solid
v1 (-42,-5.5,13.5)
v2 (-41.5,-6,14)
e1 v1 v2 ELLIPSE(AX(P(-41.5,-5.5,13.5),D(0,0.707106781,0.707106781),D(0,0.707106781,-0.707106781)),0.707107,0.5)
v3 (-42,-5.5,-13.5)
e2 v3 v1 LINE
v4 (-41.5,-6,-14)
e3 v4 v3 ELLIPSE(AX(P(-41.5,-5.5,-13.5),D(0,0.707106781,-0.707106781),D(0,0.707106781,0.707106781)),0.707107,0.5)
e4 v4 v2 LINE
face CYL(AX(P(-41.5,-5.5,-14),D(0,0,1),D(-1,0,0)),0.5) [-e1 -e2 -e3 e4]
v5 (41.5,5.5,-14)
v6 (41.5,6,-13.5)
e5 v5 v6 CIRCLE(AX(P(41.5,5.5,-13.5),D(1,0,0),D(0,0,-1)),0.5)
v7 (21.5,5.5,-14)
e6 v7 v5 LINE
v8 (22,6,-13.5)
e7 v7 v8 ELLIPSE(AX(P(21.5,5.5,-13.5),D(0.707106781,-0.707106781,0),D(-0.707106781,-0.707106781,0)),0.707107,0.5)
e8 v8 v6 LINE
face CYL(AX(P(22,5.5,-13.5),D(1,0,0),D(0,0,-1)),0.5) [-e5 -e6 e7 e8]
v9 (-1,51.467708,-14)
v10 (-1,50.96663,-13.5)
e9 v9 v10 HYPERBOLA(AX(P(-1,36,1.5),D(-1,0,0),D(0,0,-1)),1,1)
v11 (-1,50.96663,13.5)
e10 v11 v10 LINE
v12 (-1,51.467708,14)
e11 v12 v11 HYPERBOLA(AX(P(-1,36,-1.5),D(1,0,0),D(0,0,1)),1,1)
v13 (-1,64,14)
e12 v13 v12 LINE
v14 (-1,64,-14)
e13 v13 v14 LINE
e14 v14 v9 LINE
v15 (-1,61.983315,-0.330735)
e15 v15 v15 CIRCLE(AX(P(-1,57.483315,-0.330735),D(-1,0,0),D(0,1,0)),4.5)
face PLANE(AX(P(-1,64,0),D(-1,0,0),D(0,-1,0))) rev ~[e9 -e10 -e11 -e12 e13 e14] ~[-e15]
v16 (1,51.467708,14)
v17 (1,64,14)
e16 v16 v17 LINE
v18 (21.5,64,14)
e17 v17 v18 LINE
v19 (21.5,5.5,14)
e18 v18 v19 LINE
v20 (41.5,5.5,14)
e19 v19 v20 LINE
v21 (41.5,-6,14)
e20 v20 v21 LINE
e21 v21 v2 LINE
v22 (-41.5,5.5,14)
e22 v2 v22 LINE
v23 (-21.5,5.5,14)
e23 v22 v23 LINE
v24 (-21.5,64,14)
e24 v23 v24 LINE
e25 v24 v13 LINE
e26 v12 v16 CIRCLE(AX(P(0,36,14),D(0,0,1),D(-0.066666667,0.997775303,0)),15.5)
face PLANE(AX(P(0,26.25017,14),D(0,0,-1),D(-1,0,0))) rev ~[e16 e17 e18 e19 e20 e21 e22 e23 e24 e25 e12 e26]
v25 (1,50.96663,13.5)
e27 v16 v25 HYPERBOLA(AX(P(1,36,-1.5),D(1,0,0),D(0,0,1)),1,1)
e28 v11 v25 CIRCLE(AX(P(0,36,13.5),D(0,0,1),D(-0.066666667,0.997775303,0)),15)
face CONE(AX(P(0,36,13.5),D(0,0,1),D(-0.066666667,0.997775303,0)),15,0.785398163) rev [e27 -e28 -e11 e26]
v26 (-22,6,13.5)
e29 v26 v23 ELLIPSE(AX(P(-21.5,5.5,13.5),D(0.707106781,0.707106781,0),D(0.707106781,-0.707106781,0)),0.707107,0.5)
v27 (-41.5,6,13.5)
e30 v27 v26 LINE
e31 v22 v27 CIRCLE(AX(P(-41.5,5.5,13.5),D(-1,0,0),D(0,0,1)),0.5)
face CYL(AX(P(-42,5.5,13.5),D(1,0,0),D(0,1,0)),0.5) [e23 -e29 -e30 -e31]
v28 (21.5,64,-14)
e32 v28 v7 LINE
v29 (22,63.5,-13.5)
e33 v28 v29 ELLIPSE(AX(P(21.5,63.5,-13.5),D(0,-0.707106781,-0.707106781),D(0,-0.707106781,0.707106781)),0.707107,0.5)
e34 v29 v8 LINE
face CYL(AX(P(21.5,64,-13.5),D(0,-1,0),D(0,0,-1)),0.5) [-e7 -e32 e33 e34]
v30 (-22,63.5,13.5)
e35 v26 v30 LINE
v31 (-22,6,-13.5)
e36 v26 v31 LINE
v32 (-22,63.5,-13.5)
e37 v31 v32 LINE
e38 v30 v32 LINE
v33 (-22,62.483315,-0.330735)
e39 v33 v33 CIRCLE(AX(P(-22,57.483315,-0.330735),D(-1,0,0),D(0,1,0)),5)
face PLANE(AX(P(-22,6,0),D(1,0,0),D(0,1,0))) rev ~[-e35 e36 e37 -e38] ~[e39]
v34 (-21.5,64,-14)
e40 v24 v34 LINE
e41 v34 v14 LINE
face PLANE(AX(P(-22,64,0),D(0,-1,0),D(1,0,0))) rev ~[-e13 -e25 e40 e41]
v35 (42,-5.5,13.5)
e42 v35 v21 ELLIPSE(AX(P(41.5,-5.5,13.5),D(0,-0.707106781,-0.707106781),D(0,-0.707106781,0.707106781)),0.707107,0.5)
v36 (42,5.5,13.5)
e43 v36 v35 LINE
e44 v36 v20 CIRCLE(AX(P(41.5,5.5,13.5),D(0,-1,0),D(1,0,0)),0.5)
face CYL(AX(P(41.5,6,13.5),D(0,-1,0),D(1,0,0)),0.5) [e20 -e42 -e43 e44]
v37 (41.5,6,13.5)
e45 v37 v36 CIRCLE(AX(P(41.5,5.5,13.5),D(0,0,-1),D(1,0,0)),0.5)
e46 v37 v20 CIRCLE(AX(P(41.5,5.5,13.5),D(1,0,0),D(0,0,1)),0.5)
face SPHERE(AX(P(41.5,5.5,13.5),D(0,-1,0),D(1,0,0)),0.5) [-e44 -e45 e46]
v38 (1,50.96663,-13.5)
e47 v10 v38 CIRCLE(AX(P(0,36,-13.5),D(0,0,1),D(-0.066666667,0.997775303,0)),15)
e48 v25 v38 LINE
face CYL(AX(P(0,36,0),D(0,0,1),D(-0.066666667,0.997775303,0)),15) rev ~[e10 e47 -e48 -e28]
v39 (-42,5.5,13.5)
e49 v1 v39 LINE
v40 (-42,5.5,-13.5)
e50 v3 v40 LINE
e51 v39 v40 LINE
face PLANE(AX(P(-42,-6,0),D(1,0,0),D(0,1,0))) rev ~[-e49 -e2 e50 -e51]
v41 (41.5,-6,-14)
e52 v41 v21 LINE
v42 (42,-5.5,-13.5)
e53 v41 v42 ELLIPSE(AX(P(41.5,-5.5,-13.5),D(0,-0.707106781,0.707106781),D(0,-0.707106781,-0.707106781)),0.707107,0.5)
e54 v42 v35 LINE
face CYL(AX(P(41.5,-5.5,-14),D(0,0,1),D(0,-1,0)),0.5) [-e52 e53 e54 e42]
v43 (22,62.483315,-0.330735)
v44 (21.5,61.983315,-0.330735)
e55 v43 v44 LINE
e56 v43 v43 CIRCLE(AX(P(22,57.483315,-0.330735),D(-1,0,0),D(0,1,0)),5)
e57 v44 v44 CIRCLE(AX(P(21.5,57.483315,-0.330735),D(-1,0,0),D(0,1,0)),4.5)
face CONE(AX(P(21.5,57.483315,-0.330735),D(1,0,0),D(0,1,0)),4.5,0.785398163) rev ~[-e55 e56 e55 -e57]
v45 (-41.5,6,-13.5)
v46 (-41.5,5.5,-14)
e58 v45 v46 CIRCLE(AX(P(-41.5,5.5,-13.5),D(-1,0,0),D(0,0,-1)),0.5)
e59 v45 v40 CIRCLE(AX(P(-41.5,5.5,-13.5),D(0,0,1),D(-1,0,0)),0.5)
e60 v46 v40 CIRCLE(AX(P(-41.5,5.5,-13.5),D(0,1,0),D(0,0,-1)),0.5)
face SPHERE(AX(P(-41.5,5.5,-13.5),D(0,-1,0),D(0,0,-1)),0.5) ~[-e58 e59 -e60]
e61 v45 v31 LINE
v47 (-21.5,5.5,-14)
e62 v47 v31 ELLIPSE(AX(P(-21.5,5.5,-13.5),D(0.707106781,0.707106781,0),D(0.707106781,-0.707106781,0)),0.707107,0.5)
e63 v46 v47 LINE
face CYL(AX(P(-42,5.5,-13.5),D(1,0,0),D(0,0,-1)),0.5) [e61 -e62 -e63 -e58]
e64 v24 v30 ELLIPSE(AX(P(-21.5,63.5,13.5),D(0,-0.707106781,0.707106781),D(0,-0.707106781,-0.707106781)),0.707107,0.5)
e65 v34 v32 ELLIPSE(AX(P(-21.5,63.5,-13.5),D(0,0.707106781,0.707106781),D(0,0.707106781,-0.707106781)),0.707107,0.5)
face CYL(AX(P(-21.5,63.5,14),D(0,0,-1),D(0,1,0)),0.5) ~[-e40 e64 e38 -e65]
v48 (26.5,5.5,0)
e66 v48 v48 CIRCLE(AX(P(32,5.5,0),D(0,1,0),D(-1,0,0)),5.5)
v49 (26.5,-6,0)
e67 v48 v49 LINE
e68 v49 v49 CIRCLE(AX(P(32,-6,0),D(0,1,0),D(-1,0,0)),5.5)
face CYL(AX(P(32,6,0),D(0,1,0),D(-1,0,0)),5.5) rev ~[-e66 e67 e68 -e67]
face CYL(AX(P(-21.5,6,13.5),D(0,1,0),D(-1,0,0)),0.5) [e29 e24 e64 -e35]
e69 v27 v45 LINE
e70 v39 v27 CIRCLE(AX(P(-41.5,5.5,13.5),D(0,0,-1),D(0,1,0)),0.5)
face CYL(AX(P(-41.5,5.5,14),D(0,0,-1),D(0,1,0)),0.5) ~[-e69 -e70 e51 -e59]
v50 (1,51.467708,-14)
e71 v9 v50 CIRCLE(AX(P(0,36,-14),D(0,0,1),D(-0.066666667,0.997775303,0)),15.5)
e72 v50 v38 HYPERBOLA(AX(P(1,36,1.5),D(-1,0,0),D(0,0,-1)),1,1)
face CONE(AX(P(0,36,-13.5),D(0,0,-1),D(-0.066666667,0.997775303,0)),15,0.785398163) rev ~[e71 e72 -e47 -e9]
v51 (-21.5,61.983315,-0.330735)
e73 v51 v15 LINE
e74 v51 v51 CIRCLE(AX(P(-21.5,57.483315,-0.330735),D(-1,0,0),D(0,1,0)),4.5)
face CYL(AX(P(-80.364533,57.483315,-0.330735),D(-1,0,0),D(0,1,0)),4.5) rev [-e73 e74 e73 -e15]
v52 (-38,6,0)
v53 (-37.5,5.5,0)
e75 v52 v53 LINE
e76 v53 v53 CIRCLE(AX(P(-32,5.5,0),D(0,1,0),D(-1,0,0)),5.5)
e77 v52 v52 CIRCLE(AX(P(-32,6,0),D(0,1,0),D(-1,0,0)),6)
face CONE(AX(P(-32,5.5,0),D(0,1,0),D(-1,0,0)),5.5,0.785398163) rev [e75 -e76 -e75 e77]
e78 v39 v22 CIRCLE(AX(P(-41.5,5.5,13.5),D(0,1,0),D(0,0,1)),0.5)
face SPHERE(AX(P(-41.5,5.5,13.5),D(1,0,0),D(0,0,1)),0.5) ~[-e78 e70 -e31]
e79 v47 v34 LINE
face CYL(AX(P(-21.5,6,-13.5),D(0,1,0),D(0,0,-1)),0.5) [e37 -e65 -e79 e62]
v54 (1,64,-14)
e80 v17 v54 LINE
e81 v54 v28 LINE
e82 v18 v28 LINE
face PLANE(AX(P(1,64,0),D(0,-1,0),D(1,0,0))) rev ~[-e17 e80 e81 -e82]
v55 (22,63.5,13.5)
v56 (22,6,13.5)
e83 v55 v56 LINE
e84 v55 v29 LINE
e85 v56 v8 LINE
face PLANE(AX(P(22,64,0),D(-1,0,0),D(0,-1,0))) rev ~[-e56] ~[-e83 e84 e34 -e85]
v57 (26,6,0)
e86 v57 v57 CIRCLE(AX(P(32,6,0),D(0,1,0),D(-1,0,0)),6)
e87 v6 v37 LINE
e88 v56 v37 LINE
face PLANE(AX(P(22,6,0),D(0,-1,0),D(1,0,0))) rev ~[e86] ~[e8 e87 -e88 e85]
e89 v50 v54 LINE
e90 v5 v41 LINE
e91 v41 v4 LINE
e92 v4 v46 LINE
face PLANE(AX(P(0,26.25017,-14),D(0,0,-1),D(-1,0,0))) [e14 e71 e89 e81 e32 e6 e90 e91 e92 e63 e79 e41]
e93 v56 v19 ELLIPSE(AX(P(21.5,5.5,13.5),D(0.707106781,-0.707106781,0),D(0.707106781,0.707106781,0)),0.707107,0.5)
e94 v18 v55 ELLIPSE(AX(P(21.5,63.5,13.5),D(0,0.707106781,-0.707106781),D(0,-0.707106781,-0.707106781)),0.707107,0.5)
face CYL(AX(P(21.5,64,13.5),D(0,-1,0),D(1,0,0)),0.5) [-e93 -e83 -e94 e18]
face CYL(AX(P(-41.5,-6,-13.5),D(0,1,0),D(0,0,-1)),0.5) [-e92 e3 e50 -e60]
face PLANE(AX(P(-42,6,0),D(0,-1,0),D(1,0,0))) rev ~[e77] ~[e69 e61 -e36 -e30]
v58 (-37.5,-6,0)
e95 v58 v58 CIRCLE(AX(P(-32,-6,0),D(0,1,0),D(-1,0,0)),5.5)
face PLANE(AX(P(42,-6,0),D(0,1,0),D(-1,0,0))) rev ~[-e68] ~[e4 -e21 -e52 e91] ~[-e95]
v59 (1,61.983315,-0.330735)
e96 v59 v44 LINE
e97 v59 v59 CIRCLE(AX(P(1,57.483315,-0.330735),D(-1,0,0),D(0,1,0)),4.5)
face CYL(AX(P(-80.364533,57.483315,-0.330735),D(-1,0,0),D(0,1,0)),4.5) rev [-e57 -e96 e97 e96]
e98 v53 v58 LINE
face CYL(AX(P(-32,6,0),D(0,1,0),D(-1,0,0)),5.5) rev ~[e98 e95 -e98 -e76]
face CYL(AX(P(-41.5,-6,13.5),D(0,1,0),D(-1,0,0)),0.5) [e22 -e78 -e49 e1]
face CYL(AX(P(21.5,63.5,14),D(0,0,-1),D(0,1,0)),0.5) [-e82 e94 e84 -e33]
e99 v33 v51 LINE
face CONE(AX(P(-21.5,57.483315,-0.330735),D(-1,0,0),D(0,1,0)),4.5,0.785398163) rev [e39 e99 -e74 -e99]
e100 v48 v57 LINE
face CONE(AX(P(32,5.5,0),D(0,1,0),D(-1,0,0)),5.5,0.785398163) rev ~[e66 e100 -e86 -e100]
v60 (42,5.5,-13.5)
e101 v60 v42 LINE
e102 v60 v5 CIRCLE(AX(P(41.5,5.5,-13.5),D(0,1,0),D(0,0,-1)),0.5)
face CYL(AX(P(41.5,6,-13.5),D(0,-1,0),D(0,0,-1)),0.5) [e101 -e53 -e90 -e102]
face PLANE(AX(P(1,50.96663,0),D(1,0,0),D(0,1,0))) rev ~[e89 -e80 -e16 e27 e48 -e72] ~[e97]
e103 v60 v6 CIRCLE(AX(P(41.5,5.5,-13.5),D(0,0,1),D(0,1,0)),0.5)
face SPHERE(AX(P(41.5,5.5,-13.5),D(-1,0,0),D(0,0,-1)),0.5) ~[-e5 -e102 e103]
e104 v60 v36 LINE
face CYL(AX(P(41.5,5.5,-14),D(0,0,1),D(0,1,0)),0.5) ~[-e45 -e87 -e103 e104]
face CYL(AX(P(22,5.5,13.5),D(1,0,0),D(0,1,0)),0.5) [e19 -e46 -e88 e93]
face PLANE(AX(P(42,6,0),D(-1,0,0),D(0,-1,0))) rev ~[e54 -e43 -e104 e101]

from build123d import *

# Parameters (mm, degrees)
BOSS_EXTRUDE1_DEPTH     = 14
SKETCH2_R               = 5.5
CUT_EXTRUDE1_DEPTH      = 73.965745388
CUT_EXTRUDE2_DEPTH      = 79.364532794
CUT_EXTRUDE2_DEPTH_BACK = 79.364532794
SKETCH5_R               = 4.5
CHAMFER2_SIZE           = 0.5
FILLET2_R               = 0.5


with BuildPart() as part:
    # Sketch1 → Boss-Extrude1 (new, symmetric)
    with BuildSketch(Plane.XY):
        with BuildLine():
            Line((-42, -6), (-42, 6))
            Line((-42, 6), (-22, 6))
            Line((-22, 6), (-22, 64))
            Line((-22, 64), (-1, 64))
            Line((-1, 64), (-1, 50.966629547))
            ThreePointArc((-1, 50.966629547), (0, 21), (1, 50.966629547))
            Line((1, 50.966629547), (1, 64))
            Line((1, 64), (22, 64))
            Line((22, 64), (22, 6))
            Line((22, 6), (42, 6))
            Line((42, 6), (42, -6))
            Line((42, -6), (-42, -6))
        make_face()
    extrude(amount=BOSS_EXTRUDE1_DEPTH, both=True)

    # Sketch2 → Cut-Extrude1 (cut, through all)
    with BuildSketch(Plane(origin=(0, 6, 0), x_dir=(1, 0, 0), z_dir=(0, 1, 0))):
        with Locations(Location((32, 0, 0), (0, 0, 180))):
            Circle(SKETCH2_R)
        with Locations(Location((-32, 0, 0), (0, 0, 180))):
            Circle(SKETCH2_R)
    extrude(amount=-CUT_EXTRUDE1_DEPTH, mode=Mode.SUBTRACT)

    # Sketch5 → Cut-Extrude2 (cut, two sides: drawn at the far end of the back side and taken through both)
    with BuildSketch(Plane(origin=(-1, 0, 0), x_dir=(0, 0, -1), z_dir=(1, 0, 0)).offset(-CUT_EXTRUDE2_DEPTH_BACK)):
        with Locations(Location((0.330734984, 57.483314774, 0), (0, 0, 90))):
            Circle(SKETCH5_R)
    extrude(amount=CUT_EXTRUDE2_DEPTH + CUT_EXTRUDE2_DEPTH_BACK, mode=Mode.SUBTRACT)

    # Chamfer2
    chamfer2_edges = [part.edges().sort_by_distance(p)[0] for p in [
        (0, 21, -14),
        (0, 21, 14),
        (37.5, 6, 0),
        (-26.5, 6, 0),
        (-22, 52.983314774, -0.330734984),
        (22, 52.983314774, -0.330734984),
    ]]
    chamfer(chamfer2_edges, length=CHAMFER2_SIZE)

    # Fillet2
    fillet2_edges = [part.edges().sort_by_distance(p)[0] for p in [
        (-32, 6, 14),
        (22, 35, -14),
        (32, 6, -14),
        (-42, 0, 14),
        (42, 0, -14),
        (-42, 0, -14),
        (-32, 6, -14),
        (-22, 35, -14),
        (42, 0, 14),
        (22, 64, 0),
        (42, 6, 0),
        (42, -6, 0),
        (-42, -6, 0),
        (-42, 6, 0),
        (-22, 64, 0),
        (32, 6, 14),
        (22, 35, 14),
        (-22, 35, 14),
    ]]
    fillet(fillet2_edges, radius=FILLET2_R)


solid = part.part
